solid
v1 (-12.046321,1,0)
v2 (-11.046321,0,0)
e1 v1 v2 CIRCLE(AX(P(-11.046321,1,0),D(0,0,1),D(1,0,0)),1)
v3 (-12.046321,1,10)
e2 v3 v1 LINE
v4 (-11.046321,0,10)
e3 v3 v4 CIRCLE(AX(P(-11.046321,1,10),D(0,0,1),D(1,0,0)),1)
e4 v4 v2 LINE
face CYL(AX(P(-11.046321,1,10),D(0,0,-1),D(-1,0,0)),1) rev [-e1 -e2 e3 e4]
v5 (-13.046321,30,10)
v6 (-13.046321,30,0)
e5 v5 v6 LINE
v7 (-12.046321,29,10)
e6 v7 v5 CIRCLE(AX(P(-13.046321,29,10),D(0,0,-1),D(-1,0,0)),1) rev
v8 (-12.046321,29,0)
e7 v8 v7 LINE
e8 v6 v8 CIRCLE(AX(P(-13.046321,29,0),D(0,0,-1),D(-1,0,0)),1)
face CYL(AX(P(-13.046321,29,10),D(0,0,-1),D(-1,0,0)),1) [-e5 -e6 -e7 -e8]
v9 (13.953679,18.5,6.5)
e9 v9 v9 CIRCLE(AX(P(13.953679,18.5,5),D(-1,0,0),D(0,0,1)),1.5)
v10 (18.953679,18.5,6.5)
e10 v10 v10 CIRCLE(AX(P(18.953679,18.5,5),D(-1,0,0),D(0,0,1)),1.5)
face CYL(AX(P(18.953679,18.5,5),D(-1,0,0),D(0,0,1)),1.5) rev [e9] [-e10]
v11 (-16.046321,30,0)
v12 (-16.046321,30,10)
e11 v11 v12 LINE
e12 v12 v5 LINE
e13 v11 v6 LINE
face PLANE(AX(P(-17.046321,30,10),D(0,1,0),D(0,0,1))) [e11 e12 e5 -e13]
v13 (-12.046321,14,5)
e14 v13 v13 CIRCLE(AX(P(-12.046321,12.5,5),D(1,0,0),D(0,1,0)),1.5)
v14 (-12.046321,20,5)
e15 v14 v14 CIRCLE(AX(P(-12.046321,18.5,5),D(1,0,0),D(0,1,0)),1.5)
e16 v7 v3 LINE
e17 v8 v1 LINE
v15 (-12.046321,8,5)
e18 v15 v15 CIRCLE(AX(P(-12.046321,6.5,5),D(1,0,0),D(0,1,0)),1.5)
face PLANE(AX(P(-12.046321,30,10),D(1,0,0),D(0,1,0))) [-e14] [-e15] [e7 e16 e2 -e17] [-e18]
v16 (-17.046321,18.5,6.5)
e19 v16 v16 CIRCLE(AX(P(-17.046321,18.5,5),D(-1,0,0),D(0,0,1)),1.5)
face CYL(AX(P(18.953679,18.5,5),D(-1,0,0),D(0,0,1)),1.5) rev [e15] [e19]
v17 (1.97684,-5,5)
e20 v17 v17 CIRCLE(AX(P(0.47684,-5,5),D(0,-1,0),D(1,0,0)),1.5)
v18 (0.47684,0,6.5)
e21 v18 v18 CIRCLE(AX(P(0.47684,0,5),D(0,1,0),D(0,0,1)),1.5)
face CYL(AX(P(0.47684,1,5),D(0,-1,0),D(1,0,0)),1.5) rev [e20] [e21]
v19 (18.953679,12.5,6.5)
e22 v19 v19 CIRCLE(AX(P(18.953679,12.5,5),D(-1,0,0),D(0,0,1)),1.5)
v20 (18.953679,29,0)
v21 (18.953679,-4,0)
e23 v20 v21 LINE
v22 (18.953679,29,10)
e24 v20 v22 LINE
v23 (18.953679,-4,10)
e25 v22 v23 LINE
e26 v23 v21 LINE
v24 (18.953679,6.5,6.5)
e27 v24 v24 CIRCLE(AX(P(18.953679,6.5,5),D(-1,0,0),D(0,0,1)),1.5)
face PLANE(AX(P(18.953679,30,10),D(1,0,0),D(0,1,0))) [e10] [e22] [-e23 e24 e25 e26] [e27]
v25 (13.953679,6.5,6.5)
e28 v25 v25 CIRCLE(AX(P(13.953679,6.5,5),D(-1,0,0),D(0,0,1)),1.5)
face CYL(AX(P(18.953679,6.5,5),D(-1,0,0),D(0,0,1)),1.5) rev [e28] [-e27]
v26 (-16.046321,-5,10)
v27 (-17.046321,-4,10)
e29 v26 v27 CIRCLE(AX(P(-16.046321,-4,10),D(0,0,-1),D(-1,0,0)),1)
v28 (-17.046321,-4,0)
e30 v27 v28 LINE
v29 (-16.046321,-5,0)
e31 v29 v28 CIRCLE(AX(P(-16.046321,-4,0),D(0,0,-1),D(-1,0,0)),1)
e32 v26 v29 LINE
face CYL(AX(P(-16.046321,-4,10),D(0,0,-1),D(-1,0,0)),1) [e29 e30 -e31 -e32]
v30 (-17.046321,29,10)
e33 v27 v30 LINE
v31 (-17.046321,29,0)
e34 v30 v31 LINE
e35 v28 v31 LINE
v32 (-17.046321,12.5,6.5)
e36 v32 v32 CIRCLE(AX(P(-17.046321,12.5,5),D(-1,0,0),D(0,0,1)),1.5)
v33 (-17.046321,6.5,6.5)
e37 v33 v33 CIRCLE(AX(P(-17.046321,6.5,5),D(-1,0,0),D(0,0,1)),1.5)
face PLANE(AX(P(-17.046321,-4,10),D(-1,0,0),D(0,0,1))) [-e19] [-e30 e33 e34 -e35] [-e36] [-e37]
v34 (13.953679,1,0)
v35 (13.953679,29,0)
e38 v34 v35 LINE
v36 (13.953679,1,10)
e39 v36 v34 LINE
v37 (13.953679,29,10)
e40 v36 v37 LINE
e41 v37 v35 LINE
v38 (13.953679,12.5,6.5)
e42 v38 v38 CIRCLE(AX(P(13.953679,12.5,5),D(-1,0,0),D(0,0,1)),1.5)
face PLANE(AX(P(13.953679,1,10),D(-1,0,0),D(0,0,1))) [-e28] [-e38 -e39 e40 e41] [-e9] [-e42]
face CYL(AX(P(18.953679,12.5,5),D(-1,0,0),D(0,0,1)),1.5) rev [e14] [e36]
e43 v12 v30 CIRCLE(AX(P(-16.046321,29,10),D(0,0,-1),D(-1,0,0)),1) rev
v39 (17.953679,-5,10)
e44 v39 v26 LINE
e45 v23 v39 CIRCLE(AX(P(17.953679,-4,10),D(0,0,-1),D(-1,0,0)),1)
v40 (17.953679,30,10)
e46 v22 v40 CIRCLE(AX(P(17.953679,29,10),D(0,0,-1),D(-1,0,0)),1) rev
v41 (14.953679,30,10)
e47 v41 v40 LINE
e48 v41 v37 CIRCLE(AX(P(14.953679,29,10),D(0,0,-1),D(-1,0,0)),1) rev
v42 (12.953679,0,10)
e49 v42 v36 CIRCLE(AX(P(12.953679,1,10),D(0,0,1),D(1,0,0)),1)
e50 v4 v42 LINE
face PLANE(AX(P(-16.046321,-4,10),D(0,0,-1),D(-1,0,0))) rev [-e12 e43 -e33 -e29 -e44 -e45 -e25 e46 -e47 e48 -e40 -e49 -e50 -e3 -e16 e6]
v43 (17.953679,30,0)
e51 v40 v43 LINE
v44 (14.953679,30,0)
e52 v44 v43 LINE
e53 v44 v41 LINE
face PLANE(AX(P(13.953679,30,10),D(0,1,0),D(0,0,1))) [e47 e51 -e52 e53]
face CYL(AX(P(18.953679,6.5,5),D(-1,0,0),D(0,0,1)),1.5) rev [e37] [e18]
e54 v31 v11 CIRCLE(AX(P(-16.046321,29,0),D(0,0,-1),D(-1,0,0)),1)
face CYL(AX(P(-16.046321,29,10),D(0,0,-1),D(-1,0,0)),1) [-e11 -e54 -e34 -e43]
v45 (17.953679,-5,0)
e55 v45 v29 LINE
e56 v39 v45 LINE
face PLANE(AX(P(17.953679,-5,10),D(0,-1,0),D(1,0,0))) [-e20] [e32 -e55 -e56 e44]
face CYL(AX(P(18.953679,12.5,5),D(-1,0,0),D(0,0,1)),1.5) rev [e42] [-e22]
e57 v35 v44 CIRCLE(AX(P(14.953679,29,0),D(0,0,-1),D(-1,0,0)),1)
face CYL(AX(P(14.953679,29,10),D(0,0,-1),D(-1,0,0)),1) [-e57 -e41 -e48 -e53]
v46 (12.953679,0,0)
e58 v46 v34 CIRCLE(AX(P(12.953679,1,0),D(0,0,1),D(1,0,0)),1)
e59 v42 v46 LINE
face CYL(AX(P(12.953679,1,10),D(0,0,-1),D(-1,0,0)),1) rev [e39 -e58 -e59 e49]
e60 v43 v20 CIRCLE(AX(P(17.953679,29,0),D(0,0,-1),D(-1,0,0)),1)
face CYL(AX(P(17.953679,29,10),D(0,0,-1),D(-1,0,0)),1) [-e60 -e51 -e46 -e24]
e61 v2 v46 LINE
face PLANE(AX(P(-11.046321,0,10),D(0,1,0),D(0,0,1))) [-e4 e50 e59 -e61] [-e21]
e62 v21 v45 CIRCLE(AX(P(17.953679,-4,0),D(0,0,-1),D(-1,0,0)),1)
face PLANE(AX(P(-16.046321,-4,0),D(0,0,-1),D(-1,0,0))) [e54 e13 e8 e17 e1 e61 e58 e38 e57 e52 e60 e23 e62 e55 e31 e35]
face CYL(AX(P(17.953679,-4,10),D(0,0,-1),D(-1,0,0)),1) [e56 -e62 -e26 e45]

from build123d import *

# Parameters (mm, degrees)
EXTRUDE_1_DEPTH     = 10
FILLET_1_R          = 1
SKETCH_3_R          = 1.5
CUT_EXTRUDE_2_DEPTH = 6
SKETCH_2_R          = 1.5
CUT_EXTRUDE_3_DEPTH = 48.916594203


with BuildPart() as part:
    # 草图1 → 凸台-拉伸1 (new body)
    with BuildSketch(Plane.XY):
        with BuildLine():
            Line((-17.046320844, 30), (-12.046320844, 30))
            Line((-12.046320844, 30), (-12.046320844, 1))
            ThreePointArc((-12.046320844, 1), (-11.753427625, 0.292893219), (-11.046320844, 0))
            Line((-11.046320844, 0), (12.953679156, 0))
            ThreePointArc((12.953679156, 0), (13.660785937, 0.292893219), (13.953679156, 1))
            Line((13.953679156, 1), (13.953679156, 30))
            Line((13.953679156, 30), (18.953679156, 30))
            Line((18.953679156, 30), (18.953679156, -4))
            ThreePointArc((18.953679156, -4), (18.660785937, -4.707106781), (17.953679156, -5))
            Line((17.953679156, -5), (-16.046320844, -5))
            ThreePointArc((-16.046320844, -5), (-16.753427625, -4.707106781), (-17.046320844, -4))
            Line((-17.046320844, -4), (-17.046320844, 30))
        make_face()
    extrude(amount=EXTRUDE_1_DEPTH)

    # 圆角1
    fillet_1_edges = [part.edges().sort_by_distance(p)[0] for p in [
        (18.953679156, 30, 5),
        (13.953679156, 30, 5),
        (-12.046320844, 30, 5),
        (-17.046320844, 30, 5),
    ]]
    fillet(fillet_1_edges, radius=FILLET_1_R)

    # 草图3 → 切除-拉伸2 (cut)
    with BuildSketch(Plane.XZ.offset(5)):
        with Locations((0.476839578, 5)):
            Circle(SKETCH_3_R)
    extrude(amount=-CUT_EXTRUDE_2_DEPTH, mode=Mode.SUBTRACT)

    # 草图2 → 切除-拉伸3 (cut, through all)
    with BuildSketch(Plane.ZY.offset(17.046320844)):
        with Locations((5, 12.5)):
            Circle(SKETCH_2_R)
        with Locations((5, 6.5)):
            Circle(SKETCH_2_R)
        with Locations((5, 18.5)):
            Circle(SKETCH_2_R)
    extrude(amount=-CUT_EXTRUDE_3_DEPTH, mode=Mode.SUBTRACT)


solid = part.part
